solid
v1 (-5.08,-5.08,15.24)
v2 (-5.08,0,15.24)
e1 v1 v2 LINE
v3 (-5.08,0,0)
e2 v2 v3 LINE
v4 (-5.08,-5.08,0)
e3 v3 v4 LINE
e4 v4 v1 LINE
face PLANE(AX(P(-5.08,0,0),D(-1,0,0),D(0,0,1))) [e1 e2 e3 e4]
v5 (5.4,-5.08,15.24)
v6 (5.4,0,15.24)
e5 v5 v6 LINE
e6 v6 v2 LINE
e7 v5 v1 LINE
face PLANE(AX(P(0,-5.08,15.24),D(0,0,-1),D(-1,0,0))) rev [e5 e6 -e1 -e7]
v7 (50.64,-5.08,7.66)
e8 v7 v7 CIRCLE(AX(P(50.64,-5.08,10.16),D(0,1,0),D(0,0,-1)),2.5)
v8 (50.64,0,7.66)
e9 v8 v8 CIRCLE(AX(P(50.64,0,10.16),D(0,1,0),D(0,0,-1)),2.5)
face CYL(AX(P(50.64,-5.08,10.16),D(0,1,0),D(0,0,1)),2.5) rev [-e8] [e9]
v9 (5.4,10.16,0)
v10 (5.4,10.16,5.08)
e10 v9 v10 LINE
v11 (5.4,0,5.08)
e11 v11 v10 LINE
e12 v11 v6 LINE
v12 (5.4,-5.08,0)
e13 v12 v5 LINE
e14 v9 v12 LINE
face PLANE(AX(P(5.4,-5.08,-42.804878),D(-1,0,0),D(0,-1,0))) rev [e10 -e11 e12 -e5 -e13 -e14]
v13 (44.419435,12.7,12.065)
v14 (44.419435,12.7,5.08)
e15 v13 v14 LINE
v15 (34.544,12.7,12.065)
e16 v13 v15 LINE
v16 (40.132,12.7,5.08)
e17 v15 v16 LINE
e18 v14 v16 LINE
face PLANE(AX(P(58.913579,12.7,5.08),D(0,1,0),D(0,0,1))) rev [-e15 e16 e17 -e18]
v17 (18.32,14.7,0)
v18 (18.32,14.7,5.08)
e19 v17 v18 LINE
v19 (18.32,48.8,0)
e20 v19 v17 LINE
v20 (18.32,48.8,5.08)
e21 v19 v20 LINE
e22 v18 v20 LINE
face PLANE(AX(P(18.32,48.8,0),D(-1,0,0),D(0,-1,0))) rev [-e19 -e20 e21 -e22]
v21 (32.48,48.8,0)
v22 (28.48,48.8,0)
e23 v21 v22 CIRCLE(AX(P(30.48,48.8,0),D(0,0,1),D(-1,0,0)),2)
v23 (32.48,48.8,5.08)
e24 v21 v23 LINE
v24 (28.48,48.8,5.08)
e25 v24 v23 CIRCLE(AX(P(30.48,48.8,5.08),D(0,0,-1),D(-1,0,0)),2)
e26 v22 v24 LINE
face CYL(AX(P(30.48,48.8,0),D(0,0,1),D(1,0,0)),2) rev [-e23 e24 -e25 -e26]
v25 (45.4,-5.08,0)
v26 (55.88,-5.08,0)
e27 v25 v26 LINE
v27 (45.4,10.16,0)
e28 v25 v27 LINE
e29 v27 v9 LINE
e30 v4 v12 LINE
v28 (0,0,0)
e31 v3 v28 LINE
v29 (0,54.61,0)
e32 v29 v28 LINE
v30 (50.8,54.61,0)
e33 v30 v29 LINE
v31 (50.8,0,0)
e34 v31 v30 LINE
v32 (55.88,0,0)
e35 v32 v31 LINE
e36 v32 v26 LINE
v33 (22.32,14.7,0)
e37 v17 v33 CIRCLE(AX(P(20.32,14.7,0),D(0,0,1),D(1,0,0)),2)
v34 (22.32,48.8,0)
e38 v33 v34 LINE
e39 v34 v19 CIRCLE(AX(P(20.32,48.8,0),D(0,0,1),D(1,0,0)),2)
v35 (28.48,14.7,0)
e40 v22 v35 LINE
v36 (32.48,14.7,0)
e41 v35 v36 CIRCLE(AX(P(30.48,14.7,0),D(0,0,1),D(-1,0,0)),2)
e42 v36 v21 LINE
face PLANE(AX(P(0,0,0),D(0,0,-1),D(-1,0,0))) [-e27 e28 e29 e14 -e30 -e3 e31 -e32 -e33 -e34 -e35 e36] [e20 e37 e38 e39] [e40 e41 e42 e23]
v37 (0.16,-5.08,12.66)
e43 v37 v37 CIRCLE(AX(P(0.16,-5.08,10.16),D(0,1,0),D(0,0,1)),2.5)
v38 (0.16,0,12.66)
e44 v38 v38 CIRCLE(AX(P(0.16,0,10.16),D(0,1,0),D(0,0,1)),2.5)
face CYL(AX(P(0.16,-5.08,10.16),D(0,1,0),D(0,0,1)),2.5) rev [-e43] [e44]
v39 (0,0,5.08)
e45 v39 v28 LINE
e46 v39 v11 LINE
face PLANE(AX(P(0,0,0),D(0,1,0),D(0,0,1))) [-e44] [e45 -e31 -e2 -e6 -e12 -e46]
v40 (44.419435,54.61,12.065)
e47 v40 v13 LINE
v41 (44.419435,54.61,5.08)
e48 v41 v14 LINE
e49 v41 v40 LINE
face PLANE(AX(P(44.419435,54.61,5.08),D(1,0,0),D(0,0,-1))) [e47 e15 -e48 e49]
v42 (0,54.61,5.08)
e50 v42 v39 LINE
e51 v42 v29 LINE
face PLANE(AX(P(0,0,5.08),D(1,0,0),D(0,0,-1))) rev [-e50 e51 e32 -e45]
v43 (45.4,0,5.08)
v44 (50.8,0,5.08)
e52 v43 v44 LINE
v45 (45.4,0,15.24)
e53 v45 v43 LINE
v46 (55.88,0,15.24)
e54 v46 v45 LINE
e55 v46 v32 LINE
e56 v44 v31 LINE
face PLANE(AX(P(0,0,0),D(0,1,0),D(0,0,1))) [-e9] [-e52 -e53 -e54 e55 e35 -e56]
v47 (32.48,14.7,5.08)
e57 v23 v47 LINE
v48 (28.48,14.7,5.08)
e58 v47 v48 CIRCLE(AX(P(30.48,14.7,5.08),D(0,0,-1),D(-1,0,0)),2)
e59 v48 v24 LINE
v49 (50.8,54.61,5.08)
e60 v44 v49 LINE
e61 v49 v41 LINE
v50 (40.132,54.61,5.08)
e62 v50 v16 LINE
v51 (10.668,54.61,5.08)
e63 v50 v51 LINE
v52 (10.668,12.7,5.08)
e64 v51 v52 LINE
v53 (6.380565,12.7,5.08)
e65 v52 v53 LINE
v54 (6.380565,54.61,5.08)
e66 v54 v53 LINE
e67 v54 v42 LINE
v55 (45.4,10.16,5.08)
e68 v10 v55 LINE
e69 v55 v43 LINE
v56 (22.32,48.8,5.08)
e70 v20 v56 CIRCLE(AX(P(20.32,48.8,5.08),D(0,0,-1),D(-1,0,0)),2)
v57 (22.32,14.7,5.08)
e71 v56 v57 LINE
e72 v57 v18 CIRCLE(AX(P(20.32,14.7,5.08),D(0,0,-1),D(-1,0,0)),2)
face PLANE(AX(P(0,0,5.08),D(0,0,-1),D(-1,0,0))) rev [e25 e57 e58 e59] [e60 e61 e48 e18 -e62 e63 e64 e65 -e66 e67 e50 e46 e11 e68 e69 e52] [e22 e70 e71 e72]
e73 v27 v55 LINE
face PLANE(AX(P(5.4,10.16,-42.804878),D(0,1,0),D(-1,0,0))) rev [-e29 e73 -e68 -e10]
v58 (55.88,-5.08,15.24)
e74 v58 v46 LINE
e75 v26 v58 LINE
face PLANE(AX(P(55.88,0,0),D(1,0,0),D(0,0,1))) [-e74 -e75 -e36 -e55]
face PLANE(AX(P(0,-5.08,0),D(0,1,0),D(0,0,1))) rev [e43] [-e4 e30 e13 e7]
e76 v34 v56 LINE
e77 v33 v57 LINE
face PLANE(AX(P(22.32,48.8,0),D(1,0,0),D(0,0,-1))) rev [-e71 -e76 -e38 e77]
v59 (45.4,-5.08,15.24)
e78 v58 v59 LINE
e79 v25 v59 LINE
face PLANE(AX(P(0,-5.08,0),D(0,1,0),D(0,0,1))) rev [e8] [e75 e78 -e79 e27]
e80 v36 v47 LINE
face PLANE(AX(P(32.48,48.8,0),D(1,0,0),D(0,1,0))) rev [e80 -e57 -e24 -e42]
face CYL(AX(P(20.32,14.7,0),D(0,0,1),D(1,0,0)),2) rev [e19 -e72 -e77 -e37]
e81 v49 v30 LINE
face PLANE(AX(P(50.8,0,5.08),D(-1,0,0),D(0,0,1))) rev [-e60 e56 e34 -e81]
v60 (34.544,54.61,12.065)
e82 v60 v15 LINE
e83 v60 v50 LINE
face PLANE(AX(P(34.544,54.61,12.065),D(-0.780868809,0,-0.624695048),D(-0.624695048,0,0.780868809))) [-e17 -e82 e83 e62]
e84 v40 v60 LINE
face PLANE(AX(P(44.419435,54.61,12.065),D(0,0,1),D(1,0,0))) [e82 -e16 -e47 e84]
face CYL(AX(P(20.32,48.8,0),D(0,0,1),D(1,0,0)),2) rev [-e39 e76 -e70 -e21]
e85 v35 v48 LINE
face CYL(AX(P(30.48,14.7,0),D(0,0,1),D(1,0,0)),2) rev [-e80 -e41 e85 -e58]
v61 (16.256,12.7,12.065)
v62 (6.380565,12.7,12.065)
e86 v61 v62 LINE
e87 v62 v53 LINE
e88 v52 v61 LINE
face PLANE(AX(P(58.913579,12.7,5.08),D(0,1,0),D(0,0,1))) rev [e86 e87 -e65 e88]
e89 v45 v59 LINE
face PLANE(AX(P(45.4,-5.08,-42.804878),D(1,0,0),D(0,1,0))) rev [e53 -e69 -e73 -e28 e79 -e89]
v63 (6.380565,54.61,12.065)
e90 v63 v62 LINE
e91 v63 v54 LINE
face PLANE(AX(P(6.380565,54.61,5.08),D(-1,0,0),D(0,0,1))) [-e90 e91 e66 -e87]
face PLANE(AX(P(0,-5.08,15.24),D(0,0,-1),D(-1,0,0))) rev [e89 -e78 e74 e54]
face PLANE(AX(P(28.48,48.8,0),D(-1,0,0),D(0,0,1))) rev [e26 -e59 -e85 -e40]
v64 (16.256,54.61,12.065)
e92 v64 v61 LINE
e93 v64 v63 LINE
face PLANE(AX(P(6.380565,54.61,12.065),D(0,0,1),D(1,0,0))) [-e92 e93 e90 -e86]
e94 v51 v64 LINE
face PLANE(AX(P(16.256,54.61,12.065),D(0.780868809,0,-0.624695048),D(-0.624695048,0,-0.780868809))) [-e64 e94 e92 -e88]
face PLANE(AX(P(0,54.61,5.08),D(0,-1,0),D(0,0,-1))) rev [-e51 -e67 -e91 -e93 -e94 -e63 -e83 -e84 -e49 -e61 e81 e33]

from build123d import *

# Parameters (mm, degrees)
SKETCH1_W               = 50.8
SKETCH1_H               = 54.61
BOSS_EXTRUDE1_DEPTH     = 5.08
BOSS_EXTRUDE2_DEPTH     = 54.61
CUT_EXTRUDE1_DEPTH      = 75.911162886
CUT_EXTRUDE1_DEPTH_BACK = 5.08
SKETCH4_W               = 50.8
SKETCH4_H               = 15.24
BOSS_EXTRUDE3_DEPTH     = 5.08
CUT_EXTRUDE2_REACH      = 74.025
SKETCH5_W               = 6.985
SKETCH5_H               = 12.7
CUT_EXTRUDE3_START      = -15.24
SKETCH6_W               = 40
SKETCH6_H               = 15.24
CUT_EXTRUDE3_DEPTH      = 15.24
SKETCH8_W               = 15.24
SKETCH8_H               = 5.08
BOSS_EXTRUDE4_DEPTH     = 5.08
SKETCH9_R               = 2.5
CUT_EXTRUDE4_DEPTH      = 5.08


with BuildPart() as part:
    # Sketch1 → Boss-Extrude1 (new body)
    with BuildSketch(Plane.XY):
        with Locations((25.4, 27.305)):
            Rectangle(SKETCH1_W, SKETCH1_H)
    extrude(amount=BOSS_EXTRUDE1_DEPTH)

    # Sketch2 → Boss-Extrude2 (add)
    with BuildSketch(Plane.XZ):
        Polygon((10.668, 5.08), (6.380565044, 5.08), (6.380565044, 12.065), (16.256, 12.065), align=None)
        Polygon((34.544, 12.065), (40.132, 5.08), (44.419434956, 5.08), (44.419434956, 12.065), align=None)
    extrude(amount=-BOSS_EXTRUDE2_DEPTH)

    # Sketch3 → Cut-Extrude1 (cut, two sides: drawn at the far end of the back side and taken through both)
    with BuildSketch(Plane.XY.offset(5.08).offset(-CUT_EXTRUDE1_DEPTH_BACK)):
        with BuildLine():
            Line((22.32, 48.8), (22.32, 14.7))
            ThreePointArc((22.32, 14.7), (20.32, 12.7), (18.32, 14.7))
            Line((18.32, 14.7), (18.32, 48.8))
            ThreePointArc((18.32, 48.8), (20.32, 50.8), (22.32, 48.8))
        make_face()
        with BuildLine():
            Line((28.48, 48.8), (28.48, 14.7))
            ThreePointArc((28.48, 14.7), (30.48, 12.7), (32.48, 14.7))
            Line((32.48, 14.7), (32.48, 48.8))
            ThreePointArc((32.48, 48.8), (30.48, 50.8), (28.48, 48.8))
        make_face()
    extrude(amount=CUT_EXTRUDE1_DEPTH + CUT_EXTRUDE1_DEPTH_BACK, mode=Mode.SUBTRACT)

    # Sketch4 → Boss-Extrude3 (add)
    with BuildSketch(Plane.XZ):
        with Locations((25.4, 7.62)):
            Rectangle(SKETCH4_W, SKETCH4_H)
    extrude(amount=BOSS_EXTRUDE3_DEPTH)

    # Cut-Extrude2: up to this face of the body (flat: up to its plane)
    cut_extrude2_end = Plane(part.part.faces().sort_by_distance((44.419434956, 27.305, 8.5725))[0])
    # Sketch5 → Cut-Extrude2 (cut, up to the picked face)
    with BuildSketch(Plane.ZY.offset(-6.380565044), mode=Mode.PRIVATE) as cut_extrude2_sk1:
        with Locations((8.5725, 6.35)):
            Rectangle(SKETCH5_W, SKETCH5_H)
    cut_extrude2_tool1 = split(extrude(cut_extrude2_sk1.sketch, amount=-CUT_EXTRUDE2_REACH, mode=Mode.PRIVATE), bisect_by=cut_extrude2_end, keep=Keep.BOTH, mode=Mode.PRIVATE)
    add(cut_extrude2_tool1.solids().sort_by(Axis((6.380565, 6.35, 8.5725), (1, 0, 0)))[0], mode=Mode.SUBTRACT)

    # Sketch6 → Cut-Extrude3 (cut)
    with BuildSketch(Plane.XY.offset(15.24).offset(CUT_EXTRUDE3_START)):
        with Locations((25.4, 2.54)):
            Rectangle(SKETCH6_W, SKETCH6_H)
    extrude(amount=CUT_EXTRUDE3_DEPTH, mode=Mode.SUBTRACT)

    # Sketch8 → Boss-Extrude4 (add)
    with BuildSketch(Plane.ZY):
        with Locations((7.62, -2.54)):
            Rectangle(SKETCH8_W, SKETCH8_H)
    boss_extrude4 = extrude(amount=BOSS_EXTRUDE4_DEPTH)

    # Mirror1: Boss-Extrude4 across plane
    add(boss_extrude4.mirror(Plane.ZY.offset(-25.4)))

    # Sketch9 → Cut-Extrude4 (cut)
    with BuildSketch(Plane(origin=(0, 0, 0), x_dir=(1, 0, 0), z_dir=(0, 1, 0))):
        with Locations(Location((0.16, -10.16, 0), (0, 0, 270))):
            Circle(SKETCH9_R)
        with Locations(Location((50.64, -10.16, 0), (0, 0, 90))):
            Circle(SKETCH9_R)
    extrude(amount=-CUT_EXTRUDE4_DEPTH, mode=Mode.SUBTRACT)


solid = part.part
